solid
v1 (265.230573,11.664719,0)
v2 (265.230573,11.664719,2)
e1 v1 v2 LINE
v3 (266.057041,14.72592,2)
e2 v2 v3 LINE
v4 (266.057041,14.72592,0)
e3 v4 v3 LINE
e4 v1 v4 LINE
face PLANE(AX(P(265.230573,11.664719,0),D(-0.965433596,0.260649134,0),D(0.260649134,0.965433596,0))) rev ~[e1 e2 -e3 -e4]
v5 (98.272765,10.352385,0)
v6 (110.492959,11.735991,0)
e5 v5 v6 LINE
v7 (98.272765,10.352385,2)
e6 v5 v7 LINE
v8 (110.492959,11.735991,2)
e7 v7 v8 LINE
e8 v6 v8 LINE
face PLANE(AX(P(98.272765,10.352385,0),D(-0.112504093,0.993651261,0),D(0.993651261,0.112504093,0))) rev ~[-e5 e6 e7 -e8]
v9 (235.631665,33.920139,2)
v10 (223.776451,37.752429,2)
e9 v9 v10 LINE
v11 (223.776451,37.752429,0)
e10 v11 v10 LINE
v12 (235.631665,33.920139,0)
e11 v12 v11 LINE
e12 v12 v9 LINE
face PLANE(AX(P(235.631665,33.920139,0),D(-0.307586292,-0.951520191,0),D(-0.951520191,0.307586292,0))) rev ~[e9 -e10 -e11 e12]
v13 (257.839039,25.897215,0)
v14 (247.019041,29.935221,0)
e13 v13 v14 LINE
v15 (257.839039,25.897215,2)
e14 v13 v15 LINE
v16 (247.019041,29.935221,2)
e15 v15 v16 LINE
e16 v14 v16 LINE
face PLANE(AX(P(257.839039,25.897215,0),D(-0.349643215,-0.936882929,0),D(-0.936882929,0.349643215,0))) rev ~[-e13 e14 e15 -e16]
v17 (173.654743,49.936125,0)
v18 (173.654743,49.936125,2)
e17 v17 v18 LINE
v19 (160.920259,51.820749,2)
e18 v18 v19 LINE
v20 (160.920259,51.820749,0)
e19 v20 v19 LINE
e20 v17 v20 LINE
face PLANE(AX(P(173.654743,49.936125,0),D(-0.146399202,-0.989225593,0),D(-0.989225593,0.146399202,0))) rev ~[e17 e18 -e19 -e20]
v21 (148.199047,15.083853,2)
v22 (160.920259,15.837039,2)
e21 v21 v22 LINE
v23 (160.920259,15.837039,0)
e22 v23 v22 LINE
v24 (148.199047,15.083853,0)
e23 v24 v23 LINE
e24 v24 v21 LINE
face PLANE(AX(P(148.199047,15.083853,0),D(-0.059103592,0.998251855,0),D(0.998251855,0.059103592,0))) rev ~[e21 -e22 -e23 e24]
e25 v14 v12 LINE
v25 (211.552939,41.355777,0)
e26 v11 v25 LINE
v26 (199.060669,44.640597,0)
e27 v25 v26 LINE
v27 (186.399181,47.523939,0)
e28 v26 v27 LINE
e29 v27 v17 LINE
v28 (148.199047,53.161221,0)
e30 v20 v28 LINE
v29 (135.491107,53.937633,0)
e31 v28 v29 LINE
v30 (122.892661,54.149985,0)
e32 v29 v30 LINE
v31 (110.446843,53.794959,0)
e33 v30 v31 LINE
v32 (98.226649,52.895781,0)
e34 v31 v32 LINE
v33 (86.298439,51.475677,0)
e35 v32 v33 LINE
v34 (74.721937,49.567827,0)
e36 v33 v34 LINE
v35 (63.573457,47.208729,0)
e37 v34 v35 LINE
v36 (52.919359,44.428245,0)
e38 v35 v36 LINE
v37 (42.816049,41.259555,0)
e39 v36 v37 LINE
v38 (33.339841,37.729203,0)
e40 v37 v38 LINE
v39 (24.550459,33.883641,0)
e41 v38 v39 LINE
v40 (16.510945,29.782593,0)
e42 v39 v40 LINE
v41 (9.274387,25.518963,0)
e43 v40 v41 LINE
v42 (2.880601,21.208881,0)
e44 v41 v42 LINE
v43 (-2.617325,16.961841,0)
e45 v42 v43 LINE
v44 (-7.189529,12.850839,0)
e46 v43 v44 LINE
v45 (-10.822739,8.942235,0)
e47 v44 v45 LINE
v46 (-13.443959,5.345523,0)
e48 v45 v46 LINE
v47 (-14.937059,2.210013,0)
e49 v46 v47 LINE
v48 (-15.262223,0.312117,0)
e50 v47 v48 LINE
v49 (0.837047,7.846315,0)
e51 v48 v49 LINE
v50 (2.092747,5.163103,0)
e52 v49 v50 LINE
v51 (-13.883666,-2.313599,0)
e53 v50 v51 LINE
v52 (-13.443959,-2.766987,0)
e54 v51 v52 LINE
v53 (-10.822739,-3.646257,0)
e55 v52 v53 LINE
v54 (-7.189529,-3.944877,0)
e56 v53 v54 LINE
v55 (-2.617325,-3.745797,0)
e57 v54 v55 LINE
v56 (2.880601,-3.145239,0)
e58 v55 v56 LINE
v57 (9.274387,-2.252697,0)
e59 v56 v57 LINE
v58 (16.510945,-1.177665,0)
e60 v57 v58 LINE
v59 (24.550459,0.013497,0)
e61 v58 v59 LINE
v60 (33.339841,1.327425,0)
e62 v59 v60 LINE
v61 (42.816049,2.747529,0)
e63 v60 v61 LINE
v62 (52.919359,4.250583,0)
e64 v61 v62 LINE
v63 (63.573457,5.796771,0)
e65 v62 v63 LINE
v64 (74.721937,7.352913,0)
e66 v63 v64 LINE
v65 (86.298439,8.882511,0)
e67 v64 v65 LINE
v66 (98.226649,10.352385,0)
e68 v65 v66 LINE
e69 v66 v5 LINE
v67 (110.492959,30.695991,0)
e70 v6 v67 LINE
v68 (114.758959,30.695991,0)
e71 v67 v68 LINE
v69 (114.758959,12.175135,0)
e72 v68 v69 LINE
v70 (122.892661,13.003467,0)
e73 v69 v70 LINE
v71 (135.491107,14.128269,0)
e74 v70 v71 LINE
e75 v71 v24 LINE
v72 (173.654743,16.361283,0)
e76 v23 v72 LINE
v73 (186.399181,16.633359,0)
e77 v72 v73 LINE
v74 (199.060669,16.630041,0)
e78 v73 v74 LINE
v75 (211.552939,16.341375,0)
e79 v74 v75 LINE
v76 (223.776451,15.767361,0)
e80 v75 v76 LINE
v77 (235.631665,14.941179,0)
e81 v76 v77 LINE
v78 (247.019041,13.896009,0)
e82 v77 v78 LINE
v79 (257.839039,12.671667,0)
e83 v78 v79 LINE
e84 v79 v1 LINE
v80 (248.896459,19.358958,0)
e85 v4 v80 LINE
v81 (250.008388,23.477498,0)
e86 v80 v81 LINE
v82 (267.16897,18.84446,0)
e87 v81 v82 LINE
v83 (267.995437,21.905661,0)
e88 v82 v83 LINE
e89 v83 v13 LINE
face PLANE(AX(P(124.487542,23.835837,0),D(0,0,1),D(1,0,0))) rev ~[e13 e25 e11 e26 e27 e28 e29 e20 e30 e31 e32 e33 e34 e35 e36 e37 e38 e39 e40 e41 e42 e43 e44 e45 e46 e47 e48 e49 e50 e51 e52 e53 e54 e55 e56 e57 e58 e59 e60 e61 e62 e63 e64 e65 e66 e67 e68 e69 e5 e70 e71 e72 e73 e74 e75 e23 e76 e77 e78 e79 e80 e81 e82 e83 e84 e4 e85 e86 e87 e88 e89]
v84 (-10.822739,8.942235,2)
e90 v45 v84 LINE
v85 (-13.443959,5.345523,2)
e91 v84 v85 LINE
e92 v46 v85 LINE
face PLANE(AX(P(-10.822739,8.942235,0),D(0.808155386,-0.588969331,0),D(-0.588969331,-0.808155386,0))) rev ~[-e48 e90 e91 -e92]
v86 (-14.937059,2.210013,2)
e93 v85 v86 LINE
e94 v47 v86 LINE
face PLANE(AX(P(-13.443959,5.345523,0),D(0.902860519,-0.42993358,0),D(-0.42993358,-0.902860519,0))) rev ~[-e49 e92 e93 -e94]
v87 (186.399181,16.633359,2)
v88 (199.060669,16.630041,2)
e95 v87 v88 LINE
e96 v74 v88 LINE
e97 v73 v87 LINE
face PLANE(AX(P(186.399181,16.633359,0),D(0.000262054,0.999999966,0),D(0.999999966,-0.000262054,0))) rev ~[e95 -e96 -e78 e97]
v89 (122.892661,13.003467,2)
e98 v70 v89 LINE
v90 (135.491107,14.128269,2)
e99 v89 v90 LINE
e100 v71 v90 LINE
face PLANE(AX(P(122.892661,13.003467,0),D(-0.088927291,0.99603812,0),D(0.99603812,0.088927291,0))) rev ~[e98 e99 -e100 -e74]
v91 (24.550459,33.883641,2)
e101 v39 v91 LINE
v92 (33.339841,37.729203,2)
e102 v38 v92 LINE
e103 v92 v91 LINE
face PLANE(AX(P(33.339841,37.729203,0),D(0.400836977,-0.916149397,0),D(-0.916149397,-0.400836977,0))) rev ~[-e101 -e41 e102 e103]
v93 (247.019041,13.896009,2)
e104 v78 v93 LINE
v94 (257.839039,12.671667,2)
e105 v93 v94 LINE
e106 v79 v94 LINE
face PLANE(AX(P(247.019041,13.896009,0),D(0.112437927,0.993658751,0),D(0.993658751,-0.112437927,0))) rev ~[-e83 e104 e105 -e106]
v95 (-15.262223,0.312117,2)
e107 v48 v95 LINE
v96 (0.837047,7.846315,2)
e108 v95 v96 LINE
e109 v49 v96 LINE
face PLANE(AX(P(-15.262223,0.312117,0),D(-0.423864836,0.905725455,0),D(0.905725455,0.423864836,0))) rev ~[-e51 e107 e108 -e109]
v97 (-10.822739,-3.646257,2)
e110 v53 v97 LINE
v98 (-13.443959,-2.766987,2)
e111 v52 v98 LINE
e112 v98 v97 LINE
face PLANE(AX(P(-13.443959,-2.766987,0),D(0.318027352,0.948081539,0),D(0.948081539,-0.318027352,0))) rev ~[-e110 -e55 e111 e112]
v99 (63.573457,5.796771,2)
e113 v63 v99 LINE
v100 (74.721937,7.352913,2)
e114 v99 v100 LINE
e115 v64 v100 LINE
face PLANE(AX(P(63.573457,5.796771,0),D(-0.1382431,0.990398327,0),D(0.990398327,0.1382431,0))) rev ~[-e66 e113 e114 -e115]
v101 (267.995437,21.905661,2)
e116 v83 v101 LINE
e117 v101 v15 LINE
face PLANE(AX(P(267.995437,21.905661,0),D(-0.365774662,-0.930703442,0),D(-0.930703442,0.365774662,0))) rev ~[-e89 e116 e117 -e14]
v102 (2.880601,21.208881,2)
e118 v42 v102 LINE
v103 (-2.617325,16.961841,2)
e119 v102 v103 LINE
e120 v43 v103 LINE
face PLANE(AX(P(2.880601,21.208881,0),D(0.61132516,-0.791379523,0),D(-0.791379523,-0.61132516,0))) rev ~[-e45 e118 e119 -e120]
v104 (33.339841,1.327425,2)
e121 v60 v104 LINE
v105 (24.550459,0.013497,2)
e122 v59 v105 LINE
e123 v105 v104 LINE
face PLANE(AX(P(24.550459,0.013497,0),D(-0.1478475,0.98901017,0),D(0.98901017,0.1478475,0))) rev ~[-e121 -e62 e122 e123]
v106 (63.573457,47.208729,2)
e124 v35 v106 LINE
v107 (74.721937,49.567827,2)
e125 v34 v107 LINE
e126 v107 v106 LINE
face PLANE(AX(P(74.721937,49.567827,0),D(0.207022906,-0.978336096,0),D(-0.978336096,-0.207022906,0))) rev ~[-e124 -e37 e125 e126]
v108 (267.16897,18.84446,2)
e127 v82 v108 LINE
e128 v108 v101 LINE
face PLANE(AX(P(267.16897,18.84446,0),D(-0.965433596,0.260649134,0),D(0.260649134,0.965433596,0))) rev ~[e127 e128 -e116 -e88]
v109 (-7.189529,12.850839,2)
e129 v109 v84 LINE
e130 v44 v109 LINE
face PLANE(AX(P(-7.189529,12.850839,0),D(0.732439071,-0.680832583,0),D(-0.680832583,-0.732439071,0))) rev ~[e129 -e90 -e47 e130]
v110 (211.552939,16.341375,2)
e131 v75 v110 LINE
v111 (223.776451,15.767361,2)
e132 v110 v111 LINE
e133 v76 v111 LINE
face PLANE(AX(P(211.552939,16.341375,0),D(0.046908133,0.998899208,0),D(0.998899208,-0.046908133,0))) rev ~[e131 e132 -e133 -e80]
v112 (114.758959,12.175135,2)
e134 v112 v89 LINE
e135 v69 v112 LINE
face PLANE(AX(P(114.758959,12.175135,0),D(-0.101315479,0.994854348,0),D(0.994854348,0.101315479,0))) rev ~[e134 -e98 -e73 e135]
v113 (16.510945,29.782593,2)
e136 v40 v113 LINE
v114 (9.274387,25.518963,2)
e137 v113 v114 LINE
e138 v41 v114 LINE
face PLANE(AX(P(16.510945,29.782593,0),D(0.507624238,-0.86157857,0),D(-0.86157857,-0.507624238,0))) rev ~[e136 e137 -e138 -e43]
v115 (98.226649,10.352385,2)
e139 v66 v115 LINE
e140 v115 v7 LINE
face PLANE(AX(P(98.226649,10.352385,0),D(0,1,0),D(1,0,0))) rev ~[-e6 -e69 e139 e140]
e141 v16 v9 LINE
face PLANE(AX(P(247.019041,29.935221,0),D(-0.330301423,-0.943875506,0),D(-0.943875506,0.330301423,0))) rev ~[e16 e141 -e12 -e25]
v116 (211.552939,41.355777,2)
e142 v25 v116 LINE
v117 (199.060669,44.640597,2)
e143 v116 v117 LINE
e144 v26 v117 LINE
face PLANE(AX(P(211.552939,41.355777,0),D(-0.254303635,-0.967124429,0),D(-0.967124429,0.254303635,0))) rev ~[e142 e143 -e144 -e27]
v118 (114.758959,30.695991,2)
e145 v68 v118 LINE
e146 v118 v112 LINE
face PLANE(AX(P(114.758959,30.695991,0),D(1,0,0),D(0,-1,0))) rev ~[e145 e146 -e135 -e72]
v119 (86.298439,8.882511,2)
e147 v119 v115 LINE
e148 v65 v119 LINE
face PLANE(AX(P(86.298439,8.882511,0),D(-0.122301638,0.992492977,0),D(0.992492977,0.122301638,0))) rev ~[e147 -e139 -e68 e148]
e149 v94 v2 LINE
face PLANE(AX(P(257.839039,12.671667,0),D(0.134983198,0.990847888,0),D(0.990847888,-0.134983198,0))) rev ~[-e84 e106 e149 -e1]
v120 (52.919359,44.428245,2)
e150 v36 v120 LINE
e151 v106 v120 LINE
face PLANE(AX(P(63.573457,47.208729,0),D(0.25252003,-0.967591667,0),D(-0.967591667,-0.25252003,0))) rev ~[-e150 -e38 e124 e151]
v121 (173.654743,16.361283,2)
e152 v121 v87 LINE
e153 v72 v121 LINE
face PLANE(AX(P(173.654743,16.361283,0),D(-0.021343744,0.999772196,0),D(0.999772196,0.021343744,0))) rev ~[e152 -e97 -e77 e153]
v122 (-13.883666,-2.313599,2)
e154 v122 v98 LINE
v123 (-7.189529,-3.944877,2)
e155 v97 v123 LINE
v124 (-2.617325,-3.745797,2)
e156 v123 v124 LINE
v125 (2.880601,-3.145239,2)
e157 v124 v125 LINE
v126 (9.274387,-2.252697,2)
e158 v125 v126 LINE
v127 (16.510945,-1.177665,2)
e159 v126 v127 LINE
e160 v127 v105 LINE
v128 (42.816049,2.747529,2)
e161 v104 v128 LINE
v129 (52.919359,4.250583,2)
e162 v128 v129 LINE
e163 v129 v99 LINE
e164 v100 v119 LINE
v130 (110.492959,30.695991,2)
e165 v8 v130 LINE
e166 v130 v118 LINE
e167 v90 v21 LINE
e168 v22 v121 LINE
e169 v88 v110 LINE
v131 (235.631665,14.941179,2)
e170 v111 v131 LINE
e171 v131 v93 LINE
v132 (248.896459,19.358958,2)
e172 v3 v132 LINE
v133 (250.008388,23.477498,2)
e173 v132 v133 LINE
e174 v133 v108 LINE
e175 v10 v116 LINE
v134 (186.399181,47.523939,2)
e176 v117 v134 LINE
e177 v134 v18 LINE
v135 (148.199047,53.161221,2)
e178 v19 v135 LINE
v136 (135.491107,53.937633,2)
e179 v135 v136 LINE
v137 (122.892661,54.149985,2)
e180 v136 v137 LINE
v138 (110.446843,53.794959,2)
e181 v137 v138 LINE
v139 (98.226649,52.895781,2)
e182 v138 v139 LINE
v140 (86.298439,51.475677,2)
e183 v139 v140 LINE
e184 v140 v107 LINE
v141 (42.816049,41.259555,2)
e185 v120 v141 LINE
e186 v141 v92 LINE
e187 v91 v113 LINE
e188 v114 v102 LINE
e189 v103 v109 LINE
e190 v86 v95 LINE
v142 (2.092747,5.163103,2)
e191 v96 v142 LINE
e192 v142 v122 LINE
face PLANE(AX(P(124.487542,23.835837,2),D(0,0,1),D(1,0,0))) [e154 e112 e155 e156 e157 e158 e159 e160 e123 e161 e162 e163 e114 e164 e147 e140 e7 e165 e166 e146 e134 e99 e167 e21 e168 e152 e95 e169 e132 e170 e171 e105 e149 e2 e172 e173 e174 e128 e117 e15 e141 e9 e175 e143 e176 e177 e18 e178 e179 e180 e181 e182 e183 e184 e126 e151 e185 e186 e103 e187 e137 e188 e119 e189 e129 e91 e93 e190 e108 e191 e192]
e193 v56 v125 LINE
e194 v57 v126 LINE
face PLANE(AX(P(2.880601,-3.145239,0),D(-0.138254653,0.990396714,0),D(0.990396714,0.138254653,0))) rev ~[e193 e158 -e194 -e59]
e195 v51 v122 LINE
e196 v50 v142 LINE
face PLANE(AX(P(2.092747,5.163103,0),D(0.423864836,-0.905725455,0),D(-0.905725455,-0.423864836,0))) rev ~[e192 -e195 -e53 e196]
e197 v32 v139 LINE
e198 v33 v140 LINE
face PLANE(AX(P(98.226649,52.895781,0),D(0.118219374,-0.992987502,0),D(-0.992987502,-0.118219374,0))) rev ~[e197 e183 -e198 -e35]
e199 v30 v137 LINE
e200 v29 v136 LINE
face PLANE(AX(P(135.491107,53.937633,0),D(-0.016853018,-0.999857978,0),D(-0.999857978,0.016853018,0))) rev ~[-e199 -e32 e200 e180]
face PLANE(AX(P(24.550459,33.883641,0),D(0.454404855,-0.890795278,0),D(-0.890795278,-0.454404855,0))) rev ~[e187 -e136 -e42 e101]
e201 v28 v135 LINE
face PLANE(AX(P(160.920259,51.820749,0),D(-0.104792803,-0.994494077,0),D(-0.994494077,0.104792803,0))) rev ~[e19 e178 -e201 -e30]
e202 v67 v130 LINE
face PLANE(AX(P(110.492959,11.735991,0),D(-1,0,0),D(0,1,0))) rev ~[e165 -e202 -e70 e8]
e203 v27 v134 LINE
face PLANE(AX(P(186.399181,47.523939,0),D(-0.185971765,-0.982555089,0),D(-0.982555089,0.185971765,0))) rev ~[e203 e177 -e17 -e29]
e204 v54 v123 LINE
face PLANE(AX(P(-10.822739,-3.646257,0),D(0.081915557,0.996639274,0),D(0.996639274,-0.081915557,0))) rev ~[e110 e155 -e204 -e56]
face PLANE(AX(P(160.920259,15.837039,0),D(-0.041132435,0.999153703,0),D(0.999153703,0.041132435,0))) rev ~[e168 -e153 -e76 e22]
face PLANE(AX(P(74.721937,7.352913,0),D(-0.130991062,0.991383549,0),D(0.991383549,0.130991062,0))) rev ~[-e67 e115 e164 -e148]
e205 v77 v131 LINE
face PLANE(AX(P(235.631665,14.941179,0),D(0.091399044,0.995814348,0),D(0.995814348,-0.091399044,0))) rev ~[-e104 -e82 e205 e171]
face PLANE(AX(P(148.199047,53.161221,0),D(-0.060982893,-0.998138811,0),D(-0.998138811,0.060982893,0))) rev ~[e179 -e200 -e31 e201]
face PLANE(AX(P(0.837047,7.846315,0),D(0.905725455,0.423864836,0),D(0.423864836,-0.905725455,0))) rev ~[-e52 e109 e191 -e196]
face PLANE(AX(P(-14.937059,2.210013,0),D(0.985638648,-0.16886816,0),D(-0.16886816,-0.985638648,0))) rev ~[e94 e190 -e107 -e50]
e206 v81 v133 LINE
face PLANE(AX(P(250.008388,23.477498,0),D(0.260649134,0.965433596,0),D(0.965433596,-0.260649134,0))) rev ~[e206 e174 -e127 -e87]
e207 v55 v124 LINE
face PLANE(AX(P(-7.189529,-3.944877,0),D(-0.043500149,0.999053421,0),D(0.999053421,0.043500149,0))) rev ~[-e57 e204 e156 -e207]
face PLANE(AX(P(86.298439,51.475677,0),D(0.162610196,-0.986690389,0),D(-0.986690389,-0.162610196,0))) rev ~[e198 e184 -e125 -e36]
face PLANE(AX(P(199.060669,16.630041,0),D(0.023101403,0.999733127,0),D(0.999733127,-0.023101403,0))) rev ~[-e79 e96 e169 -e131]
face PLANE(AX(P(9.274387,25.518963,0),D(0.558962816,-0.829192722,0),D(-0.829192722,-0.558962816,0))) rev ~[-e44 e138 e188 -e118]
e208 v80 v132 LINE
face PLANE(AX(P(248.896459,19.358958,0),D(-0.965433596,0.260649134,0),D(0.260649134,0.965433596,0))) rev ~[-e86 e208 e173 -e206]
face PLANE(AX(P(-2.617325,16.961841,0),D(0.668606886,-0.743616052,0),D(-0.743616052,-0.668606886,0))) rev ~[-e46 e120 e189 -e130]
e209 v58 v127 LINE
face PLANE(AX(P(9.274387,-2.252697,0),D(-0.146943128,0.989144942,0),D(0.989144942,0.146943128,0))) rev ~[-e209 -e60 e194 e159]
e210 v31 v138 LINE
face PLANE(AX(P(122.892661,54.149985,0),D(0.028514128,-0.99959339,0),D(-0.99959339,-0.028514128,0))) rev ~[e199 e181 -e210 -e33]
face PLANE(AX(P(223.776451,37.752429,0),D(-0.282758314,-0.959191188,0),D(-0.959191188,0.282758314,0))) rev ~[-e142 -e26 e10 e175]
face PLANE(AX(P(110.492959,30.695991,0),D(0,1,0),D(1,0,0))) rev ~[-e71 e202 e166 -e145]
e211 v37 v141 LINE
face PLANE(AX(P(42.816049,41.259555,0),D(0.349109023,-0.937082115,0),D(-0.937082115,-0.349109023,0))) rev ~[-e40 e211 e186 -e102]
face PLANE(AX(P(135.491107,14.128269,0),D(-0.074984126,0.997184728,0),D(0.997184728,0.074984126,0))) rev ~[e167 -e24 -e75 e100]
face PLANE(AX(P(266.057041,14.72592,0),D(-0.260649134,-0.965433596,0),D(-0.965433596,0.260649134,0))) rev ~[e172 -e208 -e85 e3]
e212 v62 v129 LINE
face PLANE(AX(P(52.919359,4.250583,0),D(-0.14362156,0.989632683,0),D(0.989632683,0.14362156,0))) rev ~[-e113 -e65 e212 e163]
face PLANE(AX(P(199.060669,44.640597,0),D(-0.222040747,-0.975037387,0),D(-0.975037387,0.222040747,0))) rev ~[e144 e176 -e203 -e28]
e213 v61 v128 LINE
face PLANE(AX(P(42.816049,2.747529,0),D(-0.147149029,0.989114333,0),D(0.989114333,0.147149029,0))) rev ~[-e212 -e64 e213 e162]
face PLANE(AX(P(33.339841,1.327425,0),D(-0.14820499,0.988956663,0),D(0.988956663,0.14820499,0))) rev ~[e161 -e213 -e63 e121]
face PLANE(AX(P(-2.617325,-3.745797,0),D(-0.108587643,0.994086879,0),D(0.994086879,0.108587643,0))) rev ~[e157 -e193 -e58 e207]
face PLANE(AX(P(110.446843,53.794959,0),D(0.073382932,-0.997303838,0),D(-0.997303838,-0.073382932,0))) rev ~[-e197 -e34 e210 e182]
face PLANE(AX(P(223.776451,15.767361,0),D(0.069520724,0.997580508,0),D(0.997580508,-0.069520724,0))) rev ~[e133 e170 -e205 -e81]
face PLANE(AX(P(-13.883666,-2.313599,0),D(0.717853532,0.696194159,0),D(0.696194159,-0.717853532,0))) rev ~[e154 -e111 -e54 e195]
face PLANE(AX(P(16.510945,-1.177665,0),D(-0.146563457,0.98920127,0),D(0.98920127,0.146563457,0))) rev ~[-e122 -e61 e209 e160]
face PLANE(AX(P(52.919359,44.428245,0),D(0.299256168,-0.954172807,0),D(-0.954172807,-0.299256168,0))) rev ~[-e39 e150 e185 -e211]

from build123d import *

# Parameters (mm, degrees)
BOSS_EXTRUDE1_DEPTH = 2


with BuildPart() as part:
    # Sketch3 → Boss-Extrude1 (new body)
    with BuildSketch(Plane.XY):
        Polygon((-14.937058558, 2.21001318), (-15.262222558, 0.31211718), (0.837047412, 7.846314644), (2.092746989, 5.163102983), (-13.883666124, -2.313599464), (-13.443958558, -2.76698682), (-10.822738558, -3.64625682), (-7.189528558, -3.94487682), (-2.617324558, -3.74579682), (2.880601442, -3.14523882), (9.274387442, -2.25269682), (16.510945442, -1.17766482), (24.550459442, 0.01349718), (33.339841442, 1.32742518), (42.816049442, 2.74752918), (52.919359442, 4.25058318), (63.573457442, 5.79677118), (74.721937442, 7.35291318), (86.298439442, 8.88251118), (98.226649442, 10.35238518), (98.27276469, 10.35238518), (110.49295869, 11.73599118), (110.49295869, 30.69599118), (114.75895869, 30.69599118), (114.75895869, 12.175134882), (122.892661442, 13.00346718), (135.491107442, 14.12826918), (148.199047442, 15.08385318), (160.920259442, 15.83703918), (173.654743442, 16.36128318), (186.399181442, 16.63335918), (199.060669442, 16.63004118), (211.552939442, 16.34137518), (223.776451442, 15.76736118), (235.631665442, 14.94117918), (247.019041442, 13.89600918), (257.839039442, 12.67166718), (265.230573217, 11.664718606), (266.057040727, 14.725920032), (248.896458551, 19.358958388), (250.008387757, 23.47749811), (267.168969932, 18.844459754), (267.995437442, 21.90566118), (257.839039442, 25.89721518), (247.019041442, 29.93522118), (235.631665442, 33.92013918), (223.776451442, 37.75242918), (211.552939442, 41.35577718), (199.060669442, 44.64059718), (186.399181442, 47.52393918), (173.654743442, 49.93612518), (160.920259442, 51.82074918), (148.199047442, 53.16122118), (135.491107442, 53.93763318), (122.892661442, 54.14998518), (110.446843442, 53.79495918), (98.226649442, 52.89578118), (86.298439442, 51.47567718), (74.721937442, 49.56782718), (63.573457442, 47.20872918), (52.919359442, 44.42824518), (42.816049442, 41.25955518), (33.339841442, 37.72920318), (24.550459442, 33.88364118), (16.510945442, 29.78259318), (9.274387442, 25.51896318), (2.880601442, 21.20888118), (-2.617324558, 16.96184118), (-7.189528558, 12.85083918), (-10.822738558, 8.94223518), (-13.443958558, 5.34552318), align=None)
    extrude(amount=BOSS_EXTRUDE1_DEPTH)


solid = part.part
